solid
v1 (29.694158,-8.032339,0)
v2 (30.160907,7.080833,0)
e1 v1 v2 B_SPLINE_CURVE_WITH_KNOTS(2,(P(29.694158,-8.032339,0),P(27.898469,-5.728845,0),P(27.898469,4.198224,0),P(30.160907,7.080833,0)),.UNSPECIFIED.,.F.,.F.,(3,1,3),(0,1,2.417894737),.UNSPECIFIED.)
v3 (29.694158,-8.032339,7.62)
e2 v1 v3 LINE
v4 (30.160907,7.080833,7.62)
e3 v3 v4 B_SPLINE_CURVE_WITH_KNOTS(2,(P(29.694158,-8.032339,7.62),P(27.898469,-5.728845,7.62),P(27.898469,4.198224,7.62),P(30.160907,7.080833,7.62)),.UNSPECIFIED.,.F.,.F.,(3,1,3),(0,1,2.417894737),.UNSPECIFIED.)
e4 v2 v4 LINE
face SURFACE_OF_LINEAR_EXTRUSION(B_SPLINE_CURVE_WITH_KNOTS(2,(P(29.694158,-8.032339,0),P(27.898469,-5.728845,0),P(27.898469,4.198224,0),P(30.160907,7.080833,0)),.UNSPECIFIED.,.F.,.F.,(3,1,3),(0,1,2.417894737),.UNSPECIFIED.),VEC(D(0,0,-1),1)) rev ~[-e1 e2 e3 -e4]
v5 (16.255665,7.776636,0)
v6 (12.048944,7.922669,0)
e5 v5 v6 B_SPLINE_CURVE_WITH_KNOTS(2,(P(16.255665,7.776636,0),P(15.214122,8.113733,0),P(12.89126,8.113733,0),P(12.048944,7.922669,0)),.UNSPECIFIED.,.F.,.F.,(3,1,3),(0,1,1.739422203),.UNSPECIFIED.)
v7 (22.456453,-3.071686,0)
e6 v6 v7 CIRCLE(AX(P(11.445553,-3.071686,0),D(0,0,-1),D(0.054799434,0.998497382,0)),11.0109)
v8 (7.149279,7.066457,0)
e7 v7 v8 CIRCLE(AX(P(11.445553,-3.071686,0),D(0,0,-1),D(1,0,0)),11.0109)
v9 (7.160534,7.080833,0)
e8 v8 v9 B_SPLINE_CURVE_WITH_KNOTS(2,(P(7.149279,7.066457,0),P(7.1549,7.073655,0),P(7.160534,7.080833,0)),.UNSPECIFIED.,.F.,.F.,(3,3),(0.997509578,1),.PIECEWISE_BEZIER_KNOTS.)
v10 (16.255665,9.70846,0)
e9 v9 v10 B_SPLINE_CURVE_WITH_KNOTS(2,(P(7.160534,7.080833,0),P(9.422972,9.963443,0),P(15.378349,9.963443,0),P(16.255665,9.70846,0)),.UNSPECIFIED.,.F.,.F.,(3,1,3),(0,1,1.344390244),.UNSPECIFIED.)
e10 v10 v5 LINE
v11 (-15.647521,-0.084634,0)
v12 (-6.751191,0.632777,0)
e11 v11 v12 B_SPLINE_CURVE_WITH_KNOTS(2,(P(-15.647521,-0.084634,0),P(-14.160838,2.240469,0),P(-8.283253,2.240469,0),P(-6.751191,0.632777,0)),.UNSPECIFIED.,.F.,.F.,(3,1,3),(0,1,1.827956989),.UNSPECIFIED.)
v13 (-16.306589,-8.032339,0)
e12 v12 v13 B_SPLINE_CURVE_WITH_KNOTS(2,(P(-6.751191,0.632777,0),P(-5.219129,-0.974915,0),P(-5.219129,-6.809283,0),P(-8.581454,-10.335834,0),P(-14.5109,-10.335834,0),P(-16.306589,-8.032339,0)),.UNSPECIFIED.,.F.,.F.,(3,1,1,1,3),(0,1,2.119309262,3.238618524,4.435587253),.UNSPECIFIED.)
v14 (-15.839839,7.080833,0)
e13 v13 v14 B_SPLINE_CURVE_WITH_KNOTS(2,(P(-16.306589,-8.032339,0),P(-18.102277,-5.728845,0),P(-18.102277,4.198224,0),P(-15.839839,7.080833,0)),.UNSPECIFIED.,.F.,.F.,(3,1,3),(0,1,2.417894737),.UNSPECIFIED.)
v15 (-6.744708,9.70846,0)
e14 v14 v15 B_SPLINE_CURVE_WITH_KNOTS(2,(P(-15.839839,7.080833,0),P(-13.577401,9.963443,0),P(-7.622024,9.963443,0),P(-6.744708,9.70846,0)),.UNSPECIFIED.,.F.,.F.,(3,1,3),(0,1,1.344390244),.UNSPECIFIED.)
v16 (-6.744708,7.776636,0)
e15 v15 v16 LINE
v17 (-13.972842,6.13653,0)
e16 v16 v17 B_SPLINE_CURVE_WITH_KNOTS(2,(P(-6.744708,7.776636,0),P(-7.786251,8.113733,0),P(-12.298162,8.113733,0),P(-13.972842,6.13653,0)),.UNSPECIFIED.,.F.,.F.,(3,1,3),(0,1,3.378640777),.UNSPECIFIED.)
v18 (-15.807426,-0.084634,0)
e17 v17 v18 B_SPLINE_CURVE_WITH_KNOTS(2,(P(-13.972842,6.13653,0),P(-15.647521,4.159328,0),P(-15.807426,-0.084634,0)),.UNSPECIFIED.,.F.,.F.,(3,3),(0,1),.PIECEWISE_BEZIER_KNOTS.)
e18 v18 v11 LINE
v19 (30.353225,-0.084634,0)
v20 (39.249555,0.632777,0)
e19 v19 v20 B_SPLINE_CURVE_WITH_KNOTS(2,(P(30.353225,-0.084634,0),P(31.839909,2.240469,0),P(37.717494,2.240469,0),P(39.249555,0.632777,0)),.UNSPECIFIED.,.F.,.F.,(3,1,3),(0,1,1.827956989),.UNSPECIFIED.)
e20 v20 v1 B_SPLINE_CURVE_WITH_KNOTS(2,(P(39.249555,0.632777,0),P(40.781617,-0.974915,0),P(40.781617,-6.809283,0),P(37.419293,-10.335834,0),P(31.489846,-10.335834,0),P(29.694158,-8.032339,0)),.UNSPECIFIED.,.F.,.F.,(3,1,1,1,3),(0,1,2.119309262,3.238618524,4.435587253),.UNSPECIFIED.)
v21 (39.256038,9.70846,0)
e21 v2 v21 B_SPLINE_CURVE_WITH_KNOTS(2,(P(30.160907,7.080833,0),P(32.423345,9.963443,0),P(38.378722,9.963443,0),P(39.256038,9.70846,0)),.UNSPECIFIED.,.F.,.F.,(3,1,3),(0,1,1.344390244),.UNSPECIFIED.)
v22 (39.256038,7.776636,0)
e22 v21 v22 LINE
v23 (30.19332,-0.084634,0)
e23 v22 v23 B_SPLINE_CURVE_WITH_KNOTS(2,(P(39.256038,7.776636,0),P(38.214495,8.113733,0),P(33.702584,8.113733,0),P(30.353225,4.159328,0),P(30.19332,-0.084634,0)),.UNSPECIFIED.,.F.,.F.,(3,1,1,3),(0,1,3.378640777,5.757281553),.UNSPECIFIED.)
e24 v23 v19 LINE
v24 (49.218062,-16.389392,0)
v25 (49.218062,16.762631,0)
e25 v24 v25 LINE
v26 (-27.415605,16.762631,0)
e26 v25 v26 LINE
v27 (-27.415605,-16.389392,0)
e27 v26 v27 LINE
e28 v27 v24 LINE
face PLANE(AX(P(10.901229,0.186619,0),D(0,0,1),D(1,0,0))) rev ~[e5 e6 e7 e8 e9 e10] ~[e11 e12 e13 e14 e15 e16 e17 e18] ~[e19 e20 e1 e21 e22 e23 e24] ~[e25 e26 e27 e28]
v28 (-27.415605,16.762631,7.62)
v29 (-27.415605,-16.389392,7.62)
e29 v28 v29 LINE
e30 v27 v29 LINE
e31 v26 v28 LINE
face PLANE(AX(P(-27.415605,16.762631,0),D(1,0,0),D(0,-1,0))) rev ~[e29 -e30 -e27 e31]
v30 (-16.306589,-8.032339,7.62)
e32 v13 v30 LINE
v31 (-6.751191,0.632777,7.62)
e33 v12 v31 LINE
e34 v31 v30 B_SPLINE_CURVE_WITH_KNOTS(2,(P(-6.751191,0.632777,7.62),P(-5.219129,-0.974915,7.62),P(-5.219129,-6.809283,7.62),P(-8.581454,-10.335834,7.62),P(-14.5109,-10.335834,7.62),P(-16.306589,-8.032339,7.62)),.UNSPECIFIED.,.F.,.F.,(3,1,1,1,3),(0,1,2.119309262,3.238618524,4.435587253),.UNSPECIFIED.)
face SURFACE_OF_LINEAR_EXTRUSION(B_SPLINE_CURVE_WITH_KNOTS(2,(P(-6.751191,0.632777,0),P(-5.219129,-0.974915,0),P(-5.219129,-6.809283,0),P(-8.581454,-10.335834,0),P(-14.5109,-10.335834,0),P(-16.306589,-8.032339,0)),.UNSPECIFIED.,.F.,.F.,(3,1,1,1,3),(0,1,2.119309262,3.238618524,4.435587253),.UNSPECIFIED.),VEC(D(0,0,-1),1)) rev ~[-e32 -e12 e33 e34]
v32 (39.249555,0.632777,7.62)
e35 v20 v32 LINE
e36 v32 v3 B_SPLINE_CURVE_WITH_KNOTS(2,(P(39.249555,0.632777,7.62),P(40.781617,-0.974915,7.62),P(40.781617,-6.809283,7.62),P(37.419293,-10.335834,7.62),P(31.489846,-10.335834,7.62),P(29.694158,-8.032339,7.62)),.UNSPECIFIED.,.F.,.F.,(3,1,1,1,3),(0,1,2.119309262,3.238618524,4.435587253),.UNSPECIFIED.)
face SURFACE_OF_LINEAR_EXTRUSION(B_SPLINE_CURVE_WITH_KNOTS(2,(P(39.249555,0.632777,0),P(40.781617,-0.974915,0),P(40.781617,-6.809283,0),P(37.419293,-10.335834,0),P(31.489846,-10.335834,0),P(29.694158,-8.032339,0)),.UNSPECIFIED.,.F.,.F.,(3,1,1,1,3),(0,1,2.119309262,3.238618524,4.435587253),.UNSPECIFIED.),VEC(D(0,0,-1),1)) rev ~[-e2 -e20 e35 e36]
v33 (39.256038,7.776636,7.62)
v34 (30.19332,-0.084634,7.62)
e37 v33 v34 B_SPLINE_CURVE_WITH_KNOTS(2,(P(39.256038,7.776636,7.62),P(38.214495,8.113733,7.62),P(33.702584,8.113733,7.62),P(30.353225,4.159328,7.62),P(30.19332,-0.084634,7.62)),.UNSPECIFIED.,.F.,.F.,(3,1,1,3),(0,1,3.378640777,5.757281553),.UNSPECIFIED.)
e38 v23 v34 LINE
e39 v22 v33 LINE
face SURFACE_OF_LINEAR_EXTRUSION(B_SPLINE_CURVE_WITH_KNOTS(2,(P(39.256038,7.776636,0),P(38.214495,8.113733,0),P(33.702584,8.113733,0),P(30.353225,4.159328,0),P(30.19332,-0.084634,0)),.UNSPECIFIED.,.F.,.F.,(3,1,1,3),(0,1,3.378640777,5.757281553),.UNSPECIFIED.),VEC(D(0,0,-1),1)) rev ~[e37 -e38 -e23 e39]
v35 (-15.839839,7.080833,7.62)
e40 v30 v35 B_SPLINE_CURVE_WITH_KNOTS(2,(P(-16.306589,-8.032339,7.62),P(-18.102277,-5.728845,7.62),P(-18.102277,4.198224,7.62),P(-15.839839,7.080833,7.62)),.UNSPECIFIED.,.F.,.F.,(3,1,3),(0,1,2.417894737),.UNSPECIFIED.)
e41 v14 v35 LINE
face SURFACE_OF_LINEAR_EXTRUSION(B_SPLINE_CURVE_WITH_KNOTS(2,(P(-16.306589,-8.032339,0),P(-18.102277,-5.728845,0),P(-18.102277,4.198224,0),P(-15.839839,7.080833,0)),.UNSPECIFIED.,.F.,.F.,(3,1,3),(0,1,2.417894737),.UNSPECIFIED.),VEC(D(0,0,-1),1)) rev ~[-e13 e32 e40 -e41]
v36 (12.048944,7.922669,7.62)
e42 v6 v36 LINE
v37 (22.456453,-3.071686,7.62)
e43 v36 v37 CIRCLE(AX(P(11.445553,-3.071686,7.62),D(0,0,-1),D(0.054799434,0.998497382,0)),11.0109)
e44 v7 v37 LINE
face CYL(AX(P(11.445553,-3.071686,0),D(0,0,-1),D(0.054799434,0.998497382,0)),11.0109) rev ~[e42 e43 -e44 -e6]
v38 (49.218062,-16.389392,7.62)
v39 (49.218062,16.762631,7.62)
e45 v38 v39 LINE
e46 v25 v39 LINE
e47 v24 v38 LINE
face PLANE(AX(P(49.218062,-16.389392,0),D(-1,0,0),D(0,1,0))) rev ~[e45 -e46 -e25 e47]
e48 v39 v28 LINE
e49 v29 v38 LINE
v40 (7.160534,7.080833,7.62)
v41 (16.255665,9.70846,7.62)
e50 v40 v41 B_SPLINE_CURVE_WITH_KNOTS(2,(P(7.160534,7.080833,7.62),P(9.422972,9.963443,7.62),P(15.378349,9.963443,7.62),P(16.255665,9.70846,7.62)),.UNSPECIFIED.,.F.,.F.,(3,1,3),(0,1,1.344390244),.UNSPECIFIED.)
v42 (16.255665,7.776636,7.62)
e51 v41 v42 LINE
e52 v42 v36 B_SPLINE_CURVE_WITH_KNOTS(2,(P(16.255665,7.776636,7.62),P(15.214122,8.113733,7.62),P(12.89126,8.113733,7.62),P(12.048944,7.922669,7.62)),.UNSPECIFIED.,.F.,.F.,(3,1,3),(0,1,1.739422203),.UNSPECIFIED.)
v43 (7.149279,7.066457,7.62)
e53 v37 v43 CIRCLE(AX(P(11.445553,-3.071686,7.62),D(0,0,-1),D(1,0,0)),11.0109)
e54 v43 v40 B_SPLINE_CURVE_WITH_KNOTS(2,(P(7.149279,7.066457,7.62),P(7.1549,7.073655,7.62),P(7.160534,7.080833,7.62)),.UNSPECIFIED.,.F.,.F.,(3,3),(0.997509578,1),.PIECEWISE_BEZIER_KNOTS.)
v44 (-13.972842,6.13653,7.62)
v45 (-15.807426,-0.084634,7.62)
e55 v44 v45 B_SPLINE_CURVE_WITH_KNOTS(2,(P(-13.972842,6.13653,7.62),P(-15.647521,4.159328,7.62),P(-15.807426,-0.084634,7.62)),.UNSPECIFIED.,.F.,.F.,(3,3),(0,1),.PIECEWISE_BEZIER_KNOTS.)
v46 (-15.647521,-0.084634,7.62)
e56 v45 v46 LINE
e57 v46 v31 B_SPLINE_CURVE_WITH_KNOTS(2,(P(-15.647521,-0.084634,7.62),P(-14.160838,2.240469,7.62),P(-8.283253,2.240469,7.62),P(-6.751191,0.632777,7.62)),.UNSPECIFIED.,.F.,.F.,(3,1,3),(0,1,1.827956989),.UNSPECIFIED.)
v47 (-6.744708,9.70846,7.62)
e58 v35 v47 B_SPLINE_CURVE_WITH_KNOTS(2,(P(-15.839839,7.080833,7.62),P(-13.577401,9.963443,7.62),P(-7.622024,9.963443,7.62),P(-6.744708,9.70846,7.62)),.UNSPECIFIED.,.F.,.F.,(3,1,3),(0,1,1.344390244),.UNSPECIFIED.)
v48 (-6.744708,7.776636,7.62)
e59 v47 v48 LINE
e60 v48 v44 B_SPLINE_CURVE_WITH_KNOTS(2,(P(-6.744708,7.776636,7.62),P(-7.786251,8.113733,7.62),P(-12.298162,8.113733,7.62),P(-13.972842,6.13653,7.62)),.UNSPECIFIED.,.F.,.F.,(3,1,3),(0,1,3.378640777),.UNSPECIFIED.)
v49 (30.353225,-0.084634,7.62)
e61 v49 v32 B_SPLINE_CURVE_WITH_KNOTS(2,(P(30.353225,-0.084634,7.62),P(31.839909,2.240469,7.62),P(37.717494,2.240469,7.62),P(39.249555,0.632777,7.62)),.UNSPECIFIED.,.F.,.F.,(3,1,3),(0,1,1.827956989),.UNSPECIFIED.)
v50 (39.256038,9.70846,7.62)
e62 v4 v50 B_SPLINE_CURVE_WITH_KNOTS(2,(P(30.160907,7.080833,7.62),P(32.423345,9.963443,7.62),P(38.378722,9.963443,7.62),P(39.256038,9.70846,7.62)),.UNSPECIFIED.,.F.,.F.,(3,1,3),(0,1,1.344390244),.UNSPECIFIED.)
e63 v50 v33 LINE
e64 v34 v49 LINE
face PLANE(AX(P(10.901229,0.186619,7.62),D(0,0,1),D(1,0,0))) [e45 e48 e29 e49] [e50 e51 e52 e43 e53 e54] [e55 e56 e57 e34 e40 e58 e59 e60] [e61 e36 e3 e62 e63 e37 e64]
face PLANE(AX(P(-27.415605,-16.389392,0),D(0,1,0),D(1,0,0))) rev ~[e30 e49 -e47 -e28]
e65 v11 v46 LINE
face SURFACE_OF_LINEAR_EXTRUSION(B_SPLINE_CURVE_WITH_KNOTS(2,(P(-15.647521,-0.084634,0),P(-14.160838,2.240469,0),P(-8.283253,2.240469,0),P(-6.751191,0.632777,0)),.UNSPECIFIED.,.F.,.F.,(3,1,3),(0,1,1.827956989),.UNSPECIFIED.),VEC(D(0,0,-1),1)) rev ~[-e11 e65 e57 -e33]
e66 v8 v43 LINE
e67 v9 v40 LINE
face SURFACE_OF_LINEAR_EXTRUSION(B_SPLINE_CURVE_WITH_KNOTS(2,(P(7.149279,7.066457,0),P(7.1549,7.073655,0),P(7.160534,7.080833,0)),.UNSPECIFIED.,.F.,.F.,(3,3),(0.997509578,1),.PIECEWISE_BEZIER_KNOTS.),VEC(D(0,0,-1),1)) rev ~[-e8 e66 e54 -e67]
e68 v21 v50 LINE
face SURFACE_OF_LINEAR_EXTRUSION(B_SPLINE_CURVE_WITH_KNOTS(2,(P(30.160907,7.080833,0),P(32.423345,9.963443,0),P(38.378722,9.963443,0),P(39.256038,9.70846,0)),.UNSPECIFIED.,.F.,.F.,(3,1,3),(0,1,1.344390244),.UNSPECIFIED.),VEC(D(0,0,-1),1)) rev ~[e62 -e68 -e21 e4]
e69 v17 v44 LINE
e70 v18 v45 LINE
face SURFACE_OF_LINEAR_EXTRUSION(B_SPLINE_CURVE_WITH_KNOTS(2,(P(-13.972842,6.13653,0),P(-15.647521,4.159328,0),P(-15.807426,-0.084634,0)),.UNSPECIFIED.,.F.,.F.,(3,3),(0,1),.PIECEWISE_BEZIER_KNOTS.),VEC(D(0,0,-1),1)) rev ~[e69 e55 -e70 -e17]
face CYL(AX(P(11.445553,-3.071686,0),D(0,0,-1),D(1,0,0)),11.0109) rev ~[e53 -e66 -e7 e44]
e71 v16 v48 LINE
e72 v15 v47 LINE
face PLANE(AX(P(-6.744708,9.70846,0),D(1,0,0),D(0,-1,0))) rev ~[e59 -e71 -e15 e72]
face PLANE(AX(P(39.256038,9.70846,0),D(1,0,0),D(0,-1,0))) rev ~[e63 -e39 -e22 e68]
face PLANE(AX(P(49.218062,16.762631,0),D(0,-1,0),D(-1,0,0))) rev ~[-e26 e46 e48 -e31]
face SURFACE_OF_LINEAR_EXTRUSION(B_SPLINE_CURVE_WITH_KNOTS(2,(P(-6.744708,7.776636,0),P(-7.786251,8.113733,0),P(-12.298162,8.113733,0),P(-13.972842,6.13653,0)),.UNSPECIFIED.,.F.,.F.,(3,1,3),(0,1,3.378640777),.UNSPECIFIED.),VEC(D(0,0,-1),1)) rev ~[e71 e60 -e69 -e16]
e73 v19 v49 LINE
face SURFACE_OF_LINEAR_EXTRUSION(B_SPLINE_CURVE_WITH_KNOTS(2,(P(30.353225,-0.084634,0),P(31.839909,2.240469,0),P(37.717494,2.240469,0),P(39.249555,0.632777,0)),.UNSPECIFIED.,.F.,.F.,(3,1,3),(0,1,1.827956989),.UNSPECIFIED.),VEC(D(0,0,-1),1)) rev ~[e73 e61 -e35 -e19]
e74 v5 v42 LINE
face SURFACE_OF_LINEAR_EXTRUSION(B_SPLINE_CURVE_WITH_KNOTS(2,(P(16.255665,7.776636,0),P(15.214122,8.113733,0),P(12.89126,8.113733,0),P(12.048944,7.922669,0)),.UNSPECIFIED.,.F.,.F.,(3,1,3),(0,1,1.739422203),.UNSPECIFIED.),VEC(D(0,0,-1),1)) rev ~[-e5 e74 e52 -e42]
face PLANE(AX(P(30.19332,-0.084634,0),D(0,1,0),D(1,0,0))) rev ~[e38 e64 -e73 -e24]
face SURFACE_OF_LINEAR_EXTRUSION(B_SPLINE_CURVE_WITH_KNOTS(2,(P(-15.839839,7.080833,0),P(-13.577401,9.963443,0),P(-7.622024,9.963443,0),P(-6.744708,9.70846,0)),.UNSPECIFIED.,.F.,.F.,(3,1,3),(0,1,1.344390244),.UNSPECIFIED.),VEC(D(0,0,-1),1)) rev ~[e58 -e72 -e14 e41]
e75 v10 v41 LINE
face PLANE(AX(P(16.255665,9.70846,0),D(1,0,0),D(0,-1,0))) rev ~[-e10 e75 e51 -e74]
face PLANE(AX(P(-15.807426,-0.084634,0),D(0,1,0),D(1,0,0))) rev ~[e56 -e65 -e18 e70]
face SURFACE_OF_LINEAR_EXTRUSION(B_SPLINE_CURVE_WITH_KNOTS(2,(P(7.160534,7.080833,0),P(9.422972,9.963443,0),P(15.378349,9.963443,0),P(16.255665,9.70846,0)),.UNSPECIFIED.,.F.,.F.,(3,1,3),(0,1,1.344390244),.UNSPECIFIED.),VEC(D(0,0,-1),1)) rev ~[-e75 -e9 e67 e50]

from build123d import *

# Parameters (mm, degrees)
F1_DEPTH = 7.62


with BuildPart() as f1:
    # F0 (on Top) → F1 (new body)
    with BuildSketch(Plane.XY):
        Polygon((24.3624635041, 16.762631014), (-27.4156052619, 16.762631014), (-27.4156052619, -16.3893923163), (24.3624635041, -16.3893923163), (49.2180623114, -16.3893923163), (49.2180623114, 16.762631014), align=None)
        with BuildLine():
            add(Edge.make_bspline(
                [(-16.3065885405, -8.032339235), (-18.1022772025, -5.7288445134), (-18.1022772025, -1.6231784994)],
                knots=[0, 0, 0, 1, 1, 1], degree=2))
            add(Edge.make_bspline(
                [(-18.1022772025, -1.6231784994), (-18.1022772025, 4.1982237332), (-15.839839141, 7.0808334504)],
                knots=[0, 0, 0, 1, 1, 1], degree=2))
            add(Edge.make_bspline(
                [(-15.839839141, 7.0808334504), (-13.5774010796, 9.9634431677), (-9.1476035381, 9.9634431677)],
                knots=[0, 0, 0, 1, 1, 1], degree=2))
            add(Edge.make_bspline(
                [(-9.1476035381, 9.9634431677), (-7.6220244824, 9.9634431677), (-6.7447084815, 9.7084596994)],
                knots=[0, 0, 0, 1, 1, 1], degree=2))
            Line((-6.7447084815, 9.7084596994), (-6.7447084815, 7.776635796))
            add(Edge.make_bspline(
                [(-6.7447084815, 7.776635796), (-7.7862511229, 8.1137325845), (-9.1216730159, 8.1137325845)],
                knots=[0, 0, 0, 1, 1, 1], degree=2))
            add(Edge.make_bspline(
                [(-9.1216730159, 8.1137325845), (-12.2981619847, 8.1137325845), (-13.9728415431, 6.1365302672)],
                knots=[0, 0, 0, 1, 1, 1], degree=2))
            add(Edge.make_bspline(
                [(-13.9728415431, 6.1365302672), (-15.6475211014, 4.1593279499), (-15.8074259883, -0.0846341825)],
                knots=[0, 0, 0, 1, 1, 1], degree=2))
            Line((-15.8074259883, -0.0846341825), (-15.6475211014, -0.0846341825))
            add(Edge.make_bspline(
                [(-15.6475211014, -0.0846341825), (-14.160837829, 2.2404693076), (-10.9454530769, 2.2404693076)],
                knots=[0, 0, 0, 1, 1, 1], degree=2))
            add(Edge.make_bspline(
                [(-10.9454530769, 2.2404693076), (-8.2832527983, 2.2404693076), (-6.751191112, 0.6327769315)],
                knots=[0, 0, 0, 1, 1, 1], degree=2))
            add(Edge.make_bspline(
                [(-6.751191112, 0.6327769315), (-5.2191294257, -0.9749154445), (-5.2191294257, -3.7278725508)],
                knots=[0, 0, 0, 1, 1, 1], degree=2))
            add(Edge.make_bspline(
                [(-5.2191294257, -3.7278725508), (-5.2191294257, -6.8092829382), (-6.9002916146, -8.5725584474)],
                knots=[0, 0, 0, 1, 1, 1], degree=2))
            add(Edge.make_bspline(
                [(-6.9002916146, -8.5725584474), (-8.5814538035, -10.3358339566), (-11.446776506, -10.3358339566)],
                knots=[0, 0, 0, 1, 1, 1], degree=2))
            add(Edge.make_bspline(
                [(-11.446776506, -10.3358339566), (-14.5108998786, -10.3358339566), (-16.3065885405, -8.032339235)],
                knots=[0, 0, 0, 1, 1, 1], degree=2))
        make_face(mode=Mode.SUBTRACT)
        with BuildLine():
            ThreePointArc((12.0489439223, 7.9226688045), (19.4419206914, 4.4978595381), (22.4564528377, -3.0716860201))
            ThreePointArc((22.4564528377, -3.0716860201), (5.3655002192, -12.2517121076), (7.1492792248, 7.0664573924))
            add(Edge.make_bspline(
                [(7.1492792248, 7.0664573924), (7.1548996189, 7.0736545349), (7.1605340451, 7.0808334504)],
                knots=[0.9975095777, 0.9975095777, 0.9975095777, 1, 1, 1], degree=2))
            add(Edge.make_bspline(
                [(7.1605340451, 7.0808334504), (9.4229721065, 9.9634431677), (13.852769648, 9.9634431677)],
                knots=[0, 0, 0, 1, 1, 1], degree=2))
            add(Edge.make_bspline(
                [(13.852769648, 9.9634431677), (15.3783487038, 9.9634431677), (16.2556647047, 9.7084596994)],
                knots=[0, 0, 0, 1, 1, 1], degree=2))
            Line((16.2556647047, 9.7084596994), (16.2556647047, 7.776635796))
            add(Edge.make_bspline(
                [(16.2556647047, 7.776635796), (15.2141220632, 8.1137325845), (13.8787001702, 8.1137325845)],
                knots=[0, 0, 0, 1, 1, 1], degree=2))
            add(Edge.make_bspline(
                [(13.8787001702, 8.1137325845), (12.8912595724, 8.1137325845), (12.0489439223, 7.9226688045)],
                knots=[0, 0, 0, 0.3108591302, 0.3108591302, 0.3108591302], degree=2))
        make_face(mode=Mode.SUBTRACT)
        with BuildLine():
            add(Edge.make_bspline(
                [(29.6941578317, -8.032339235), (27.8984691698, -5.7288445134), (27.8984691698, -1.6231784994)],
                knots=[0, 0, 0, 1, 1, 1], degree=2))
            add(Edge.make_bspline(
                [(27.8984691698, -1.6231784994), (27.8984691698, 4.1982237332), (30.1609072312, 7.0808334504)],
                knots=[0, 0, 0, 1, 1, 1], degree=2))
            add(Edge.make_bspline(
                [(30.1609072312, 7.0808334504), (32.4233452927, 9.9634431677), (36.8531428341, 9.9634431677)],
                knots=[0, 0, 0, 1, 1, 1], degree=2))
            add(Edge.make_bspline(
                [(36.8531428341, 9.9634431677), (38.3787218899, 9.9634431677), (39.2560378908, 9.7084596994)],
                knots=[0, 0, 0, 1, 1, 1], degree=2))
            Line((39.2560378908, 9.7084596994), (39.2560378908, 7.776635796))
            add(Edge.make_bspline(
                [(39.2560378908, 7.776635796), (38.2144952493, 8.1137325845), (36.8790733563, 8.1137325845)],
                knots=[0, 0, 0, 1, 1, 1], degree=2))
            add(Edge.make_bspline(
                [(36.8790733563, 8.1137325845), (33.7025843876, 8.1137325845), (32.0279048292, 6.1365302672)],
                knots=[0, 0, 0, 1, 1, 1], degree=2))
            add(Edge.make_bspline(
                [(32.0279048292, 6.1365302672), (30.3532252708, 4.1593279499), (30.193320384, -0.0846341825)],
                knots=[0, 0, 0, 1, 1, 1], degree=2))
            Line((30.193320384, -0.0846341825), (30.3532252708, -0.0846341825))
            add(Edge.make_bspline(
                [(30.3532252708, -0.0846341825), (31.8399085433, 2.2404693076), (35.0552932953, 2.2404693076)],
                knots=[0, 0, 0, 1, 1, 1], degree=2))
            add(Edge.make_bspline(
                [(35.0552932953, 2.2404693076), (37.7174935739, 2.2404693076), (39.2495552602, 0.6327769315)],
                knots=[0, 0, 0, 1, 1, 1], degree=2))
            add(Edge.make_bspline(
                [(39.2495552602, 0.6327769315), (40.7816169465, -0.9749154445), (40.7816169465, -3.7278725508)],
                knots=[0, 0, 0, 1, 1, 1], degree=2))
            add(Edge.make_bspline(
                [(40.7816169465, -3.7278725508), (40.7816169465, -6.8092829382), (39.1004547576, -8.5725584474)],
                knots=[0, 0, 0, 1, 1, 1], degree=2))
            add(Edge.make_bspline(
                [(39.1004547576, -8.5725584474), (37.4192925687, -10.3358339566), (34.5539698663, -10.3358339566)],
                knots=[0, 0, 0, 1, 1, 1], degree=2))
            add(Edge.make_bspline(
                [(34.5539698663, -10.3358339566), (31.4898464937, -10.3358339566), (29.6941578317, -8.032339235)],
                knots=[0, 0, 0, 1, 1, 1], degree=2))
        make_face(mode=Mode.SUBTRACT)
    extrude(amount=F1_DEPTH)


solid = f1.part
